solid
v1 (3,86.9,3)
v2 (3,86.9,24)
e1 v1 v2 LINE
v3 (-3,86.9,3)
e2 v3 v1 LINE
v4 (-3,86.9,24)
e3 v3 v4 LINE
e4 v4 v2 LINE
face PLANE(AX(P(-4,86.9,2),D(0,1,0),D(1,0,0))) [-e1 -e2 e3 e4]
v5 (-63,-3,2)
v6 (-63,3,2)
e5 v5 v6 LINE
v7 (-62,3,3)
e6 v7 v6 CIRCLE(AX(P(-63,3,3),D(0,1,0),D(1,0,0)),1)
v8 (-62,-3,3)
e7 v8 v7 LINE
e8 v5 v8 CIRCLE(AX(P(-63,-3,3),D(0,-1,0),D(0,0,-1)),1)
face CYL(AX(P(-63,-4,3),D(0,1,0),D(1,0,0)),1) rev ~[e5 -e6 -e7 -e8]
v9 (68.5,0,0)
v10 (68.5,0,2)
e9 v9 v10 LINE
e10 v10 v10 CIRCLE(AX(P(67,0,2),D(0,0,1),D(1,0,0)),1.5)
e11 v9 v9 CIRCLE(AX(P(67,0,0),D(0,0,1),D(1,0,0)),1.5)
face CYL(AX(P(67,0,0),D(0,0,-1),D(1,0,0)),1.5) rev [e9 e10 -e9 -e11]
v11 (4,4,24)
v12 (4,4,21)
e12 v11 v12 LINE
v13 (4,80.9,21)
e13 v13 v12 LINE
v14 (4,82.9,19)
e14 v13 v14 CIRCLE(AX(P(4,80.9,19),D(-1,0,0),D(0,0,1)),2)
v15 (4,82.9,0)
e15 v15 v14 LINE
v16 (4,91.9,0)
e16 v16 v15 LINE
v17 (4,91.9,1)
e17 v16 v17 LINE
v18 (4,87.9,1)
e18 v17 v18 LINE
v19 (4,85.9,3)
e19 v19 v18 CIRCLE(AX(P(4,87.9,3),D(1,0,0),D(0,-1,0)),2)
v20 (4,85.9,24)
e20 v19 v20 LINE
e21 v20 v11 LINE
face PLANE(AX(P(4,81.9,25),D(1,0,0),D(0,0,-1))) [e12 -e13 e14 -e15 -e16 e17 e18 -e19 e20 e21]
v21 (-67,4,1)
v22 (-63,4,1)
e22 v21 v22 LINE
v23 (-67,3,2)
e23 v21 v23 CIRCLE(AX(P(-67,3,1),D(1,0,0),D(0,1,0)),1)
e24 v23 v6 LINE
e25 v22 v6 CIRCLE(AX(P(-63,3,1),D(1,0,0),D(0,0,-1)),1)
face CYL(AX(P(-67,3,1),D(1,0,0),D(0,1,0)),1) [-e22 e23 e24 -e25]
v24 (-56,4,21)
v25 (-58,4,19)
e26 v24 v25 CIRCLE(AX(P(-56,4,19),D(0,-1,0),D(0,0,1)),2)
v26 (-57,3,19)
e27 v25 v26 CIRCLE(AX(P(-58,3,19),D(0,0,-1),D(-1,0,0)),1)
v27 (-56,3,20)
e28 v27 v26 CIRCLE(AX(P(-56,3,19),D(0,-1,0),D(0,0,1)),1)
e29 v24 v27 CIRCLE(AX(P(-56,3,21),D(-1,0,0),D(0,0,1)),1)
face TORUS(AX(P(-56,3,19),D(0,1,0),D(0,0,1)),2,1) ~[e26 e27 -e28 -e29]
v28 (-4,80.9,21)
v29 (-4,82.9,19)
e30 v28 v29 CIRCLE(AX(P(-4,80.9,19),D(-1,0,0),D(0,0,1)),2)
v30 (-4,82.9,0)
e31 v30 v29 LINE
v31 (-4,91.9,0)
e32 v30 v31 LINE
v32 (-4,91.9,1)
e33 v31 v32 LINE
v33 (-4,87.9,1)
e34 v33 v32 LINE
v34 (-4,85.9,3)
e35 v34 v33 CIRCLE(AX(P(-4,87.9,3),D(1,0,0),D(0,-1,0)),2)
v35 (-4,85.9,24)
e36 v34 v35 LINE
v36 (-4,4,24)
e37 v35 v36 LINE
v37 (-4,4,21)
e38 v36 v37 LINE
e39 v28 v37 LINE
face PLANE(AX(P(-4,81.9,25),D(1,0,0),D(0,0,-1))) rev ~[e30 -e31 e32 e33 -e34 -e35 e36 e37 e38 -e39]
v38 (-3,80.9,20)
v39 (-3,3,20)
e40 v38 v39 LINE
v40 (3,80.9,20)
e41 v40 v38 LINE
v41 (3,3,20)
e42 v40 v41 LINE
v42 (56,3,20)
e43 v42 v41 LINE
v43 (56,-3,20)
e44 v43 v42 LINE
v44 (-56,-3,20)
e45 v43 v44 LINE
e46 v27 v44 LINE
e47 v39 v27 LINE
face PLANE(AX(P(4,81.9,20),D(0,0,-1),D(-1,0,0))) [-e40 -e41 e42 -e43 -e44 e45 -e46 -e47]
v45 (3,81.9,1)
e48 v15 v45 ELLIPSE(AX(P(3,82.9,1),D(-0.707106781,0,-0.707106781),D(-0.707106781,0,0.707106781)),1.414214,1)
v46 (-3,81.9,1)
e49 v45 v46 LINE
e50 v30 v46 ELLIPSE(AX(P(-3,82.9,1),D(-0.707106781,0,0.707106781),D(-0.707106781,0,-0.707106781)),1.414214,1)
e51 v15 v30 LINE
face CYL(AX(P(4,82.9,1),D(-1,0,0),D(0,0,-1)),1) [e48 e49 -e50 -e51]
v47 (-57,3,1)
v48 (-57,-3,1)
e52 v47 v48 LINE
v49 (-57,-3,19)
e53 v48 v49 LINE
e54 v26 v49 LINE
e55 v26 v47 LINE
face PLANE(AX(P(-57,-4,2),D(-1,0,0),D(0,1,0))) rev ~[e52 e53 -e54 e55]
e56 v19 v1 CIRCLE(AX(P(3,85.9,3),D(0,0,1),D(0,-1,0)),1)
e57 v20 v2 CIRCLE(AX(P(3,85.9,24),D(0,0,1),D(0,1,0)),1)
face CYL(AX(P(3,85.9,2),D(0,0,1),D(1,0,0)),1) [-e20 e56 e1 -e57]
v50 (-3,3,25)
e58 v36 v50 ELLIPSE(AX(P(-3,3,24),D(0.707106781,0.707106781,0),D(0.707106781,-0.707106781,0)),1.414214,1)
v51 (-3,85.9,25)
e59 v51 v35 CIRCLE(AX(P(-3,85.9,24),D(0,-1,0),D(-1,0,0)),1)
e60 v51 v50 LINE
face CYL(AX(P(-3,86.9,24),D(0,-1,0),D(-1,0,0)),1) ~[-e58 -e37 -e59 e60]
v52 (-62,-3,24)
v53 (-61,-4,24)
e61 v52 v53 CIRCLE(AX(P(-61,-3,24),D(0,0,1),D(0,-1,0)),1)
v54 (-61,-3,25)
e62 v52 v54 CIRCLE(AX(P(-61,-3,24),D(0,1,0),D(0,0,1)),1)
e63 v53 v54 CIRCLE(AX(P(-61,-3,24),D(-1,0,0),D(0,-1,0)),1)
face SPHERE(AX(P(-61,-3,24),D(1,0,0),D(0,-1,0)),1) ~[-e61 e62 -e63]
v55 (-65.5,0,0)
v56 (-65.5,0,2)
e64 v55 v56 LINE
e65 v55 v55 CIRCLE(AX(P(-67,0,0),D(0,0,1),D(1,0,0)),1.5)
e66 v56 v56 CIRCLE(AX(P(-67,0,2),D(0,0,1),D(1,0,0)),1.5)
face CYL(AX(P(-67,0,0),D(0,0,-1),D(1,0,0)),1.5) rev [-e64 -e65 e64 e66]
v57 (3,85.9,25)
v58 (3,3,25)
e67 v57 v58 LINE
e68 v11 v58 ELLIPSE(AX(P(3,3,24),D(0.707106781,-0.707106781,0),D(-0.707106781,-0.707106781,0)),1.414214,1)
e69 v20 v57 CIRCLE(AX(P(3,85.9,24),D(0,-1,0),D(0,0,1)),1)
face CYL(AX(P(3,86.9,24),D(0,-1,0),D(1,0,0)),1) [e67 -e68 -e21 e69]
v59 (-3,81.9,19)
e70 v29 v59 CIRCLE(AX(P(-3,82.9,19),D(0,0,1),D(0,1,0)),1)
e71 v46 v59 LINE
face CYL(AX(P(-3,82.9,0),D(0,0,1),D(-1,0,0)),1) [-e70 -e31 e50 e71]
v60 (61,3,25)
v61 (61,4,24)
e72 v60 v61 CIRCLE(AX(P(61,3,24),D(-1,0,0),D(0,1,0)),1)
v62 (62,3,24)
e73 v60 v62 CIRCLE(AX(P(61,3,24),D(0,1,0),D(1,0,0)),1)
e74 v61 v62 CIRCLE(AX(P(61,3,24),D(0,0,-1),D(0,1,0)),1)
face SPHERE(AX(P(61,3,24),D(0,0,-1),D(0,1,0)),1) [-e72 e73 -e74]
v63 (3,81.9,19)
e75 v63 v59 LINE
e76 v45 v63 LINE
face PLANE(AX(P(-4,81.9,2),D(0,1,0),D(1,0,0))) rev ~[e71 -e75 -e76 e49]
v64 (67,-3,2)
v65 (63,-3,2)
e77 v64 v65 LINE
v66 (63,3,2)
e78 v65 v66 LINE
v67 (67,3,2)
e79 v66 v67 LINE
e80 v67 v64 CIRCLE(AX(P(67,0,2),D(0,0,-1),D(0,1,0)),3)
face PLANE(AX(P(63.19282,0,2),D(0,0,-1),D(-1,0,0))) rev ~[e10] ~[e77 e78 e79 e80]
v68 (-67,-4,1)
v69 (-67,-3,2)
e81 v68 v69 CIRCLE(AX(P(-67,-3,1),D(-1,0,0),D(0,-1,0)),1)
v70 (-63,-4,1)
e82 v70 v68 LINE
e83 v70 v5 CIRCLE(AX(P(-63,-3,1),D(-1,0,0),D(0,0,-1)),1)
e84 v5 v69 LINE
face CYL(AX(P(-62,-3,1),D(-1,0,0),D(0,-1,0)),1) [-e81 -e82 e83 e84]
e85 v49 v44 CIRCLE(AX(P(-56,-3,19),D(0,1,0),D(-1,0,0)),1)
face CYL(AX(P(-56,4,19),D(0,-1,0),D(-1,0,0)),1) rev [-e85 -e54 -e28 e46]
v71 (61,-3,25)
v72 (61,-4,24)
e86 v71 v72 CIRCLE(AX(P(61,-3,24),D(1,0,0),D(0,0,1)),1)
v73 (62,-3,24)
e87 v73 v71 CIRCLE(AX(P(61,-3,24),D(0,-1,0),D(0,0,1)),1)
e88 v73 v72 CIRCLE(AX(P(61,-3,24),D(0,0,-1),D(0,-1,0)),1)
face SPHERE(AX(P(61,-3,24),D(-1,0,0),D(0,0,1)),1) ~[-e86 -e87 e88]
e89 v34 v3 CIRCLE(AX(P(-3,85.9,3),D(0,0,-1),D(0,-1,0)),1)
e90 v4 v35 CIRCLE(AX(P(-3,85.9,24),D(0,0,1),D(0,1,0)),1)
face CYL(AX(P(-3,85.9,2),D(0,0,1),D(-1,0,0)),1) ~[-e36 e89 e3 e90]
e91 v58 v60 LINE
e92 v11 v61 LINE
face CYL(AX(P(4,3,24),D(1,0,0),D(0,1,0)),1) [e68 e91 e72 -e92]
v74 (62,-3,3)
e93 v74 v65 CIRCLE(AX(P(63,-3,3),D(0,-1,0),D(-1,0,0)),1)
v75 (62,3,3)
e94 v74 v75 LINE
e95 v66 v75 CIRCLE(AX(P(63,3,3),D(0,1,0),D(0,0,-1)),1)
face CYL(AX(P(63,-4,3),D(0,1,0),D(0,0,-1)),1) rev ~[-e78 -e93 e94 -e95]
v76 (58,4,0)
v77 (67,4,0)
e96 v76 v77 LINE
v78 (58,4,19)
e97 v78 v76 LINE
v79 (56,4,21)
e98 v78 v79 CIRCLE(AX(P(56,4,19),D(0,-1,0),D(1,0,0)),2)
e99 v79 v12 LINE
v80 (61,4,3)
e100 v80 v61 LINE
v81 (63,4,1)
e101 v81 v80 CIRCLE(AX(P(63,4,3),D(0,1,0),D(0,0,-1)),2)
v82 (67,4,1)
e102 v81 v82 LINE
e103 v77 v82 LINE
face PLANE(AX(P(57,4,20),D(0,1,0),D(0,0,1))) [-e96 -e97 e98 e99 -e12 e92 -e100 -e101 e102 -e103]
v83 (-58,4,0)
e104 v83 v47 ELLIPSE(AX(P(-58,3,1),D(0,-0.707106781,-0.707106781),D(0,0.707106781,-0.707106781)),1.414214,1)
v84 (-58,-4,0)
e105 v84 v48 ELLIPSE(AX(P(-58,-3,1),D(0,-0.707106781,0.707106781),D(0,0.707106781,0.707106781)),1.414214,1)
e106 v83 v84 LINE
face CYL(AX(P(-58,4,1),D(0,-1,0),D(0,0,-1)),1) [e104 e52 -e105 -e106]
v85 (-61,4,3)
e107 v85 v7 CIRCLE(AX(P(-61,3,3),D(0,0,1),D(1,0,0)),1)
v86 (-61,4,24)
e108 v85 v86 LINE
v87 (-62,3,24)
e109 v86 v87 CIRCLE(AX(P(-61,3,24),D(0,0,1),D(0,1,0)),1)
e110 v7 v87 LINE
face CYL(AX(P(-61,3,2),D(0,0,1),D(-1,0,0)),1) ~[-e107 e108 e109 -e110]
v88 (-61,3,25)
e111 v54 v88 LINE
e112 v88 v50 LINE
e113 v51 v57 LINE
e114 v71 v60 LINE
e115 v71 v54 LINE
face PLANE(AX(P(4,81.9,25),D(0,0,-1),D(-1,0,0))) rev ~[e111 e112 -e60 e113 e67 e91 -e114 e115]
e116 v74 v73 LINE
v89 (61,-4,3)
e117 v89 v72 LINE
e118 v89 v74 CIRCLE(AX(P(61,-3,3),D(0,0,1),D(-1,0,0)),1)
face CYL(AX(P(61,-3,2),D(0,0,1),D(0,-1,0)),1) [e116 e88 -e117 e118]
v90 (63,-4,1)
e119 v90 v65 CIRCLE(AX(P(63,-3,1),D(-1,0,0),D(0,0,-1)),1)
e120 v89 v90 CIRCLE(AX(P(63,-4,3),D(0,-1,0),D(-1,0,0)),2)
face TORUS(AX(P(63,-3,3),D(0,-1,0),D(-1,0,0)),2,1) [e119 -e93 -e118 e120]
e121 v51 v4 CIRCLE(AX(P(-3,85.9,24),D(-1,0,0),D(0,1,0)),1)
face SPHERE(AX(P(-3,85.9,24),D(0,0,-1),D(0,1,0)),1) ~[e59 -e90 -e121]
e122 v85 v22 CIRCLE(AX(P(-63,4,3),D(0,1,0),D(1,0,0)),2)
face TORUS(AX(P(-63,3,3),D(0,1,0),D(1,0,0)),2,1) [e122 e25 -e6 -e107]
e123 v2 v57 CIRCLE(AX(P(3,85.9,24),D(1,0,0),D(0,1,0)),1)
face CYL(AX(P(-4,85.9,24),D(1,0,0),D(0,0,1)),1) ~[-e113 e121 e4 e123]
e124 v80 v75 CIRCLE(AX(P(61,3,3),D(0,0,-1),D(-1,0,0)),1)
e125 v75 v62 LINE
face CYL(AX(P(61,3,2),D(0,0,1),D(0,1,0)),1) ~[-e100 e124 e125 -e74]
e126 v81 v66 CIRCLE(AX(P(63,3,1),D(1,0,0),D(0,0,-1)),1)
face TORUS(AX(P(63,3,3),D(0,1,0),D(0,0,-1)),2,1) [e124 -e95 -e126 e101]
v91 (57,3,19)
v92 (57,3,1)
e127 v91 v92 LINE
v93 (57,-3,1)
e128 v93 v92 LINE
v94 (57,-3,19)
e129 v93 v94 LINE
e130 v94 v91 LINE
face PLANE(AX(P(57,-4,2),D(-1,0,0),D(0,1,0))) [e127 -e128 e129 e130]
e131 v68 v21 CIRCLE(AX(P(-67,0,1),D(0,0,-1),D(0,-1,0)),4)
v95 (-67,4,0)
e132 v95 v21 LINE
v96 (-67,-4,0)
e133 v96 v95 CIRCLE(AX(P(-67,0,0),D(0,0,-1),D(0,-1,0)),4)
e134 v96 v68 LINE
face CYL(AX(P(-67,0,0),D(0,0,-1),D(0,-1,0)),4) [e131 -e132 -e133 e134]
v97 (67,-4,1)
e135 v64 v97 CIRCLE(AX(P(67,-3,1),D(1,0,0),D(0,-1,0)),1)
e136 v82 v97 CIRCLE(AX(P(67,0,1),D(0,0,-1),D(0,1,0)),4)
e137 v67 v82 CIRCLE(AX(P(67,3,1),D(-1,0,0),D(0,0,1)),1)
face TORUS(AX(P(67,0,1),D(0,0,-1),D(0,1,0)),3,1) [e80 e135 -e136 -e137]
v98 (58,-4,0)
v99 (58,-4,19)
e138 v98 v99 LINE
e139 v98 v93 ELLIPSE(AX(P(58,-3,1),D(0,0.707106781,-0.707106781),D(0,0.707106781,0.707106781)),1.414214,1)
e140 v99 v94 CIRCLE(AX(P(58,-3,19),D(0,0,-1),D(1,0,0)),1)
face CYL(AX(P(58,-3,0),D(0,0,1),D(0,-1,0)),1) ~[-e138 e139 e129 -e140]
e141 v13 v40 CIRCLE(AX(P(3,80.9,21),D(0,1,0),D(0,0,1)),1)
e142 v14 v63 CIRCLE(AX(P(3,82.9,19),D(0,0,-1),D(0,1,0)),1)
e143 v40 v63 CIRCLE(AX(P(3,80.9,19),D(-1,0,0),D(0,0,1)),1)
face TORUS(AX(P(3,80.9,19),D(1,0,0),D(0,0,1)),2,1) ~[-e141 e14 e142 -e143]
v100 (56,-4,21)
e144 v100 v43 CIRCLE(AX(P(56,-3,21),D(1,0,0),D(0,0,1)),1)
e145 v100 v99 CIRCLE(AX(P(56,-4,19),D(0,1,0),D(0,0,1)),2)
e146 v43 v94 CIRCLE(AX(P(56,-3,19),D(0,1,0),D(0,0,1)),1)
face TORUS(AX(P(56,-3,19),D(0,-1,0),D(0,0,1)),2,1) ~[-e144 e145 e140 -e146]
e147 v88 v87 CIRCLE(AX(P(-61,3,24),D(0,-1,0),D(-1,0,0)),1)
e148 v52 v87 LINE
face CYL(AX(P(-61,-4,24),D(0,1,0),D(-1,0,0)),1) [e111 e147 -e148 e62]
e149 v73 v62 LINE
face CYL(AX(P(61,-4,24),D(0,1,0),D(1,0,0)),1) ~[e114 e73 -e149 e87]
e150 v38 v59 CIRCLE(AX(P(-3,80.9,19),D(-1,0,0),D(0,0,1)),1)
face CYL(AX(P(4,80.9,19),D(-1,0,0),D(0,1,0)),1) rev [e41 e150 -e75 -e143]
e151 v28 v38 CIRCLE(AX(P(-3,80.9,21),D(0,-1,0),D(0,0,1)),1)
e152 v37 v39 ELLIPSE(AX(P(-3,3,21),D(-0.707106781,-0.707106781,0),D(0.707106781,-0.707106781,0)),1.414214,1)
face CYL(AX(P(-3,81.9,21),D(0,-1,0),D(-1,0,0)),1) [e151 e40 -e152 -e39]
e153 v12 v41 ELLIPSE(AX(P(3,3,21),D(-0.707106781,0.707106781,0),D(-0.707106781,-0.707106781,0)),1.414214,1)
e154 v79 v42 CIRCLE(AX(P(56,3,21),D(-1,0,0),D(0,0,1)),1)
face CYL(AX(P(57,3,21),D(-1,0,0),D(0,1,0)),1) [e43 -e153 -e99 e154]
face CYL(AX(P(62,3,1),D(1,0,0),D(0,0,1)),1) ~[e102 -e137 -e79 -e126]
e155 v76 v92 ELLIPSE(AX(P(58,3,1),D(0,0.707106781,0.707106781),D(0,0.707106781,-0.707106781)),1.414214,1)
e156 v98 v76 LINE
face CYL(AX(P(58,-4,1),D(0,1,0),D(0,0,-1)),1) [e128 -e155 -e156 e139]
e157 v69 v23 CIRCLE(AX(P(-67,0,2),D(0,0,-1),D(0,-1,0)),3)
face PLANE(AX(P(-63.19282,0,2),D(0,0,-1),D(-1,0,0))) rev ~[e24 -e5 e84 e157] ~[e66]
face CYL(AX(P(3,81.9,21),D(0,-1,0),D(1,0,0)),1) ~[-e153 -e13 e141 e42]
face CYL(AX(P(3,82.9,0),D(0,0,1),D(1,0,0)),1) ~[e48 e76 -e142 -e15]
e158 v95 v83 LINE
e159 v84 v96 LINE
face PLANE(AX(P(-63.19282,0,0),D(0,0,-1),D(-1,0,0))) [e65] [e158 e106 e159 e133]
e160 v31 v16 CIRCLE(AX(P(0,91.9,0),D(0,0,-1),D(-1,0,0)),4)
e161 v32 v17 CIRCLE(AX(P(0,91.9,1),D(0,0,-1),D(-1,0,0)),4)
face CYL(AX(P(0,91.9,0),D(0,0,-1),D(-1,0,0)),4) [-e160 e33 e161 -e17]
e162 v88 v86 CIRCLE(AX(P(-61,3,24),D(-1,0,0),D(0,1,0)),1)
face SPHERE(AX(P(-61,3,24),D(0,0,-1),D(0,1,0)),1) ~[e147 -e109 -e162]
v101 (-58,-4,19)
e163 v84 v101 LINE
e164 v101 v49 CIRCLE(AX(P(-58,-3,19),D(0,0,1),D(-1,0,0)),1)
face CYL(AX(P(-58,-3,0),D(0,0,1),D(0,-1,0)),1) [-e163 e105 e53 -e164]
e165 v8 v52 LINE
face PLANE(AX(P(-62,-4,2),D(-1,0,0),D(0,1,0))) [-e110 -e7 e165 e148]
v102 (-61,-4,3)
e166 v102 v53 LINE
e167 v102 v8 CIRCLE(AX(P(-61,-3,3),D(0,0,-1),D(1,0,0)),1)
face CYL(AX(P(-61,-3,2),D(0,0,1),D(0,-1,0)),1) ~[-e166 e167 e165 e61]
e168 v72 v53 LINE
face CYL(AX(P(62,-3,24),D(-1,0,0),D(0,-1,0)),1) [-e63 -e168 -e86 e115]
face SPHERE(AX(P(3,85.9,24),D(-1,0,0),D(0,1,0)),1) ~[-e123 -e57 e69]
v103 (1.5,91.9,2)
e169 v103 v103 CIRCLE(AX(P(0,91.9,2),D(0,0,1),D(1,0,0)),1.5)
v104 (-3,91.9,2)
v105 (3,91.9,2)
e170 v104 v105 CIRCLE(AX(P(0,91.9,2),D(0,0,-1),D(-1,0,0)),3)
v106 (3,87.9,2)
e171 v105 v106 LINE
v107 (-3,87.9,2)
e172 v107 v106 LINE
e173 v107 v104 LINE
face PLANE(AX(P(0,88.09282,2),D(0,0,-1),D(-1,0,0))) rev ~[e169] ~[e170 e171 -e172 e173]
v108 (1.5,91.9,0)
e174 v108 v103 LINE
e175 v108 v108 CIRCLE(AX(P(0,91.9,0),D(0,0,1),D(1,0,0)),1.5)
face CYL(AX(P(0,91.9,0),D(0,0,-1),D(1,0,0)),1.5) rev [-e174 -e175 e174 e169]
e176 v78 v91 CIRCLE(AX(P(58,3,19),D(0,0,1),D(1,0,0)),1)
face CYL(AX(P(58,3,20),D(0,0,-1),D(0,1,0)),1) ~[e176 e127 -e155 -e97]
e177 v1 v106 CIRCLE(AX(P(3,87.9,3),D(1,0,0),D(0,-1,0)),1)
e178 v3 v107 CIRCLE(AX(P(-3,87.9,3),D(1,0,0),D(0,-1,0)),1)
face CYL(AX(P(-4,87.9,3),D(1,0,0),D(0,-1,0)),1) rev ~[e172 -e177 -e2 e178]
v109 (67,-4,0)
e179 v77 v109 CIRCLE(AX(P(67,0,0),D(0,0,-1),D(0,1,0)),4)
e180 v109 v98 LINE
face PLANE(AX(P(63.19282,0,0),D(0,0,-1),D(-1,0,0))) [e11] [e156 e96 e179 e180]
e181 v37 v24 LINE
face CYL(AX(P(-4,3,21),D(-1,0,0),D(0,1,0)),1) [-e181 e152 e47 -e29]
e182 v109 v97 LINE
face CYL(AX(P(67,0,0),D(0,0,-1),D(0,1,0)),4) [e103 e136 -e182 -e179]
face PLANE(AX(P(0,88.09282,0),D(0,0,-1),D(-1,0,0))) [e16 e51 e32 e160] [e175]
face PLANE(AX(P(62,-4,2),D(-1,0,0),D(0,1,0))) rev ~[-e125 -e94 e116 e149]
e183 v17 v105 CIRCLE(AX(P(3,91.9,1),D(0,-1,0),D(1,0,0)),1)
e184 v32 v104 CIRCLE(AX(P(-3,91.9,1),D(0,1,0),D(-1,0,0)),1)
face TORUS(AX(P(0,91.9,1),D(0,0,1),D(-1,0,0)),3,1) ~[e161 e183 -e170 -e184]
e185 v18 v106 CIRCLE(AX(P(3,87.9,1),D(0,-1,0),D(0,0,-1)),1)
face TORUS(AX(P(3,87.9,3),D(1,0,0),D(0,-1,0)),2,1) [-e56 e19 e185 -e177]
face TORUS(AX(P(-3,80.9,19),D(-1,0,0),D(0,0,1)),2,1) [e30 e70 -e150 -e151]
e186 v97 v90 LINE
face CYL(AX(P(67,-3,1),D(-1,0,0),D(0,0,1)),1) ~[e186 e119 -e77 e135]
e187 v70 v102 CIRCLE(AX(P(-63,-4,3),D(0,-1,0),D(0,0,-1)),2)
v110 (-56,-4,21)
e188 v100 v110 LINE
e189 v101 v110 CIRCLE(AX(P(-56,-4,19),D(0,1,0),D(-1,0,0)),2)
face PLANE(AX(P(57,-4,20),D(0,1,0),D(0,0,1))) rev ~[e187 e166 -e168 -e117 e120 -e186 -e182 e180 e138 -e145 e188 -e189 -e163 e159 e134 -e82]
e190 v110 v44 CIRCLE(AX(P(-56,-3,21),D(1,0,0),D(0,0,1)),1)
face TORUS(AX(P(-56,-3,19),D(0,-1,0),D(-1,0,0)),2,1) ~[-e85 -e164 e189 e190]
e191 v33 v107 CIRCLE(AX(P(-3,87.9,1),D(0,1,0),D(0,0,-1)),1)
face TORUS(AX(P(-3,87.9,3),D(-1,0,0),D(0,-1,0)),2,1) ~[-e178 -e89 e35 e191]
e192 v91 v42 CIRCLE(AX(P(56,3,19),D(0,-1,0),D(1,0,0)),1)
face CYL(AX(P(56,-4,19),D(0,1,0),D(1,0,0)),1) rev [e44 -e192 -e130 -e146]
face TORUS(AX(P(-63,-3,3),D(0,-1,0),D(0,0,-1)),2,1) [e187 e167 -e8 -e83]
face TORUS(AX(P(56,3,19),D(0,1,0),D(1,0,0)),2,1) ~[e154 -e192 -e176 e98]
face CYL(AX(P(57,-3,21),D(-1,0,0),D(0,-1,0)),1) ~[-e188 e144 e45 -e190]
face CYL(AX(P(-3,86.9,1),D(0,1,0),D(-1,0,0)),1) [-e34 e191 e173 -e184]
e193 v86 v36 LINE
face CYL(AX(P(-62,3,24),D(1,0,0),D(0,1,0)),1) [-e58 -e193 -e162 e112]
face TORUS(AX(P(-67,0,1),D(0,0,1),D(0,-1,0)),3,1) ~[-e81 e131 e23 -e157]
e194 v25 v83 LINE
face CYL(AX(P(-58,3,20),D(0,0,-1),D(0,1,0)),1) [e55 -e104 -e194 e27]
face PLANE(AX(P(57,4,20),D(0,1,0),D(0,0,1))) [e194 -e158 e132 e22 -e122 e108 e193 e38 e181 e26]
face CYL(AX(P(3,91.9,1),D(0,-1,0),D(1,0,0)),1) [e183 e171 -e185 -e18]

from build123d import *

# Parameters (mm, degrees)
SKETCH2_R             = 1.5
BOSS_EXTRUDE1_DEPTH   = 2
BOSS_EXTRUDE1_2_DEPTH = 2
BOSS_EXTRUDE1_3_DEPTH = 2
SKETCH3_W             = 8
SKETCH3_H             = 5
SKETCH3_W_2           = 5
SKETCH3_H_2           = 8
BOSS_EXTRUDE2_DEPTH   = 23
SKETCH4_W             = 5
SKETCH4_H             = 8
BOSS_EXTRUDE3_DEPTH   = 115
SKETCH5_W             = 8
SKETCH5_H             = 5
BOSS_EXTRUDE4_DEPTH   = 85
FILLET1_R             = 1


with BuildPart() as part:
    # Sketch2 → Boss-Extrude1 (new body)
    with BuildSketch(Plane.XY):
        with BuildLine():
            Line((4, 91.9), (4, 81.9))
            Line((4, 81.9), (-4, 81.9))
            Line((-4, 81.9), (-4, 91.9))
            ThreePointArc((-4, 91.9), (0, 95.9), (4, 91.9))
        make_face()
        with Locations((0, 91.9)):
            Circle(SKETCH2_R, mode=Mode.SUBTRACT)
    extrude(amount=BOSS_EXTRUDE1_DEPTH)



with BuildPart() as body_2:
    # Sketch2 → Boss-Extrude1 2 (new body)
    with BuildSketch(Plane.XY):
        with BuildLine():
            Line((67, -4), (57, -4))
            Line((57, -4), (57, 4))
            Line((57, 4), (67, 4))
            ThreePointArc((67, 4), (71, 0), (67, -4))
        make_face()
        with Locations((67, 0)):
            Circle(SKETCH2_R, mode=Mode.SUBTRACT)
    extrude(amount=BOSS_EXTRUDE1_2_DEPTH)


with BuildPart() as body_3:
    # Sketch2 → Boss-Extrude1 3 (new body)
    with BuildSketch(Plane.XY):
        with BuildLine():
            Line((-67, 4), (-57, 4))
            Line((-57, 4), (-57, -4))
            Line((-57, -4), (-67, -4))
            ThreePointArc((-67, -4), (-71, 0), (-67, 4))
        make_face()
        with Locations((-67, 0)):
            Circle(SKETCH2_R, mode=Mode.SUBTRACT)
    extrude(amount=BOSS_EXTRUDE1_3_DEPTH)


with BuildPart() as part_1:
    add(part.part)

    add(body_2.part)  # Boss-Extrude2 merges body 2

    add(body_3.part)  # Boss-Extrude2 merges body 3
    # Sketch3 → Boss-Extrude2 (add)
    with BuildSketch(Plane.XY.offset(2)):
        with Locations((0, 84.4)):
            Rectangle(SKETCH3_W, SKETCH3_H)
        with Locations((-59.5, 0)):
            Rectangle(SKETCH3_W_2, SKETCH3_H_2)
        with Locations((59.5, 0)):
            Rectangle(SKETCH3_W_2, SKETCH3_H_2)
    extrude(amount=BOSS_EXTRUDE2_DEPTH)

    # Sketch4 → Boss-Extrude3 (add)
    with BuildSketch(Plane.ZY.offset(-57)):
        with Locations((22.5, 0)):
            Rectangle(SKETCH4_W, SKETCH4_H)
    extrude(amount=BOSS_EXTRUDE3_DEPTH)

    # Sketch5 → Boss-Extrude4 (add)
    with BuildSketch(Plane(origin=(0, 81.9, 0), x_dir=(-1, 0, 0), z_dir=(0, -1, 0))):
        with Locations((0, -22.5)):
            Rectangle(SKETCH5_W, SKETCH5_H)
    extrude(amount=BOSS_EXTRUDE4_DEPTH)

    # Fillet1
    fillet1_edges = [part_1.edges().sort_by_distance(p)[0] for p in [
        (4, 89.4, 2),
        (-4, 89.4, 2),
        (0, 86.9, 2),
        (-4, 86.9, 13.5),
        (0, 86.9, 25),
        (4, 86.9, 13.5),
        (-4, 45.45, 25),
        (0, 95.9, 2),
        (0, 81.9, 0),
        (4, 81.9, 10),
        (-4, 81.9, 10),
        (0, 81.9, 20),
        (4, 42.95, 20),
        (-4, 42.95, 20),
        (4, 45.45, 25),
        (-57, 4, 10),
        (-64.5, 4, 2),
        (-57, 0, 20),
        (-57, -4, 10),
        (-71, 0, 2),
        (-57, 0, 0),
        (0, -4, 20),
        (57, -4, 10),
        (64.5, -4, 2),
        (0, -4, 25),
        (-62, -4, 13.5),
        (-64.5, -4, 2),
        (62, 4, 13.5),
        (64.5, 4, 2),
        (-62, 0, 2),
        (-62, 4, 13.5),
        (-33, 4, 25),
        (-62, 0, 25),
        (33, 4, 25),
        (30.5, 4, 20),
        (57, 0, 20),
        (-30.5, 4, 20),
        (57, 4, 10),
        (62, 0, 2),
        (71, 0, 2),
        (57, 0, 0),
        (62, 0, 25),
        (62, -4, 13.5),
    ]]
    fillet(fillet1_edges, radius=FILLET1_R)


solid = part_1.part
